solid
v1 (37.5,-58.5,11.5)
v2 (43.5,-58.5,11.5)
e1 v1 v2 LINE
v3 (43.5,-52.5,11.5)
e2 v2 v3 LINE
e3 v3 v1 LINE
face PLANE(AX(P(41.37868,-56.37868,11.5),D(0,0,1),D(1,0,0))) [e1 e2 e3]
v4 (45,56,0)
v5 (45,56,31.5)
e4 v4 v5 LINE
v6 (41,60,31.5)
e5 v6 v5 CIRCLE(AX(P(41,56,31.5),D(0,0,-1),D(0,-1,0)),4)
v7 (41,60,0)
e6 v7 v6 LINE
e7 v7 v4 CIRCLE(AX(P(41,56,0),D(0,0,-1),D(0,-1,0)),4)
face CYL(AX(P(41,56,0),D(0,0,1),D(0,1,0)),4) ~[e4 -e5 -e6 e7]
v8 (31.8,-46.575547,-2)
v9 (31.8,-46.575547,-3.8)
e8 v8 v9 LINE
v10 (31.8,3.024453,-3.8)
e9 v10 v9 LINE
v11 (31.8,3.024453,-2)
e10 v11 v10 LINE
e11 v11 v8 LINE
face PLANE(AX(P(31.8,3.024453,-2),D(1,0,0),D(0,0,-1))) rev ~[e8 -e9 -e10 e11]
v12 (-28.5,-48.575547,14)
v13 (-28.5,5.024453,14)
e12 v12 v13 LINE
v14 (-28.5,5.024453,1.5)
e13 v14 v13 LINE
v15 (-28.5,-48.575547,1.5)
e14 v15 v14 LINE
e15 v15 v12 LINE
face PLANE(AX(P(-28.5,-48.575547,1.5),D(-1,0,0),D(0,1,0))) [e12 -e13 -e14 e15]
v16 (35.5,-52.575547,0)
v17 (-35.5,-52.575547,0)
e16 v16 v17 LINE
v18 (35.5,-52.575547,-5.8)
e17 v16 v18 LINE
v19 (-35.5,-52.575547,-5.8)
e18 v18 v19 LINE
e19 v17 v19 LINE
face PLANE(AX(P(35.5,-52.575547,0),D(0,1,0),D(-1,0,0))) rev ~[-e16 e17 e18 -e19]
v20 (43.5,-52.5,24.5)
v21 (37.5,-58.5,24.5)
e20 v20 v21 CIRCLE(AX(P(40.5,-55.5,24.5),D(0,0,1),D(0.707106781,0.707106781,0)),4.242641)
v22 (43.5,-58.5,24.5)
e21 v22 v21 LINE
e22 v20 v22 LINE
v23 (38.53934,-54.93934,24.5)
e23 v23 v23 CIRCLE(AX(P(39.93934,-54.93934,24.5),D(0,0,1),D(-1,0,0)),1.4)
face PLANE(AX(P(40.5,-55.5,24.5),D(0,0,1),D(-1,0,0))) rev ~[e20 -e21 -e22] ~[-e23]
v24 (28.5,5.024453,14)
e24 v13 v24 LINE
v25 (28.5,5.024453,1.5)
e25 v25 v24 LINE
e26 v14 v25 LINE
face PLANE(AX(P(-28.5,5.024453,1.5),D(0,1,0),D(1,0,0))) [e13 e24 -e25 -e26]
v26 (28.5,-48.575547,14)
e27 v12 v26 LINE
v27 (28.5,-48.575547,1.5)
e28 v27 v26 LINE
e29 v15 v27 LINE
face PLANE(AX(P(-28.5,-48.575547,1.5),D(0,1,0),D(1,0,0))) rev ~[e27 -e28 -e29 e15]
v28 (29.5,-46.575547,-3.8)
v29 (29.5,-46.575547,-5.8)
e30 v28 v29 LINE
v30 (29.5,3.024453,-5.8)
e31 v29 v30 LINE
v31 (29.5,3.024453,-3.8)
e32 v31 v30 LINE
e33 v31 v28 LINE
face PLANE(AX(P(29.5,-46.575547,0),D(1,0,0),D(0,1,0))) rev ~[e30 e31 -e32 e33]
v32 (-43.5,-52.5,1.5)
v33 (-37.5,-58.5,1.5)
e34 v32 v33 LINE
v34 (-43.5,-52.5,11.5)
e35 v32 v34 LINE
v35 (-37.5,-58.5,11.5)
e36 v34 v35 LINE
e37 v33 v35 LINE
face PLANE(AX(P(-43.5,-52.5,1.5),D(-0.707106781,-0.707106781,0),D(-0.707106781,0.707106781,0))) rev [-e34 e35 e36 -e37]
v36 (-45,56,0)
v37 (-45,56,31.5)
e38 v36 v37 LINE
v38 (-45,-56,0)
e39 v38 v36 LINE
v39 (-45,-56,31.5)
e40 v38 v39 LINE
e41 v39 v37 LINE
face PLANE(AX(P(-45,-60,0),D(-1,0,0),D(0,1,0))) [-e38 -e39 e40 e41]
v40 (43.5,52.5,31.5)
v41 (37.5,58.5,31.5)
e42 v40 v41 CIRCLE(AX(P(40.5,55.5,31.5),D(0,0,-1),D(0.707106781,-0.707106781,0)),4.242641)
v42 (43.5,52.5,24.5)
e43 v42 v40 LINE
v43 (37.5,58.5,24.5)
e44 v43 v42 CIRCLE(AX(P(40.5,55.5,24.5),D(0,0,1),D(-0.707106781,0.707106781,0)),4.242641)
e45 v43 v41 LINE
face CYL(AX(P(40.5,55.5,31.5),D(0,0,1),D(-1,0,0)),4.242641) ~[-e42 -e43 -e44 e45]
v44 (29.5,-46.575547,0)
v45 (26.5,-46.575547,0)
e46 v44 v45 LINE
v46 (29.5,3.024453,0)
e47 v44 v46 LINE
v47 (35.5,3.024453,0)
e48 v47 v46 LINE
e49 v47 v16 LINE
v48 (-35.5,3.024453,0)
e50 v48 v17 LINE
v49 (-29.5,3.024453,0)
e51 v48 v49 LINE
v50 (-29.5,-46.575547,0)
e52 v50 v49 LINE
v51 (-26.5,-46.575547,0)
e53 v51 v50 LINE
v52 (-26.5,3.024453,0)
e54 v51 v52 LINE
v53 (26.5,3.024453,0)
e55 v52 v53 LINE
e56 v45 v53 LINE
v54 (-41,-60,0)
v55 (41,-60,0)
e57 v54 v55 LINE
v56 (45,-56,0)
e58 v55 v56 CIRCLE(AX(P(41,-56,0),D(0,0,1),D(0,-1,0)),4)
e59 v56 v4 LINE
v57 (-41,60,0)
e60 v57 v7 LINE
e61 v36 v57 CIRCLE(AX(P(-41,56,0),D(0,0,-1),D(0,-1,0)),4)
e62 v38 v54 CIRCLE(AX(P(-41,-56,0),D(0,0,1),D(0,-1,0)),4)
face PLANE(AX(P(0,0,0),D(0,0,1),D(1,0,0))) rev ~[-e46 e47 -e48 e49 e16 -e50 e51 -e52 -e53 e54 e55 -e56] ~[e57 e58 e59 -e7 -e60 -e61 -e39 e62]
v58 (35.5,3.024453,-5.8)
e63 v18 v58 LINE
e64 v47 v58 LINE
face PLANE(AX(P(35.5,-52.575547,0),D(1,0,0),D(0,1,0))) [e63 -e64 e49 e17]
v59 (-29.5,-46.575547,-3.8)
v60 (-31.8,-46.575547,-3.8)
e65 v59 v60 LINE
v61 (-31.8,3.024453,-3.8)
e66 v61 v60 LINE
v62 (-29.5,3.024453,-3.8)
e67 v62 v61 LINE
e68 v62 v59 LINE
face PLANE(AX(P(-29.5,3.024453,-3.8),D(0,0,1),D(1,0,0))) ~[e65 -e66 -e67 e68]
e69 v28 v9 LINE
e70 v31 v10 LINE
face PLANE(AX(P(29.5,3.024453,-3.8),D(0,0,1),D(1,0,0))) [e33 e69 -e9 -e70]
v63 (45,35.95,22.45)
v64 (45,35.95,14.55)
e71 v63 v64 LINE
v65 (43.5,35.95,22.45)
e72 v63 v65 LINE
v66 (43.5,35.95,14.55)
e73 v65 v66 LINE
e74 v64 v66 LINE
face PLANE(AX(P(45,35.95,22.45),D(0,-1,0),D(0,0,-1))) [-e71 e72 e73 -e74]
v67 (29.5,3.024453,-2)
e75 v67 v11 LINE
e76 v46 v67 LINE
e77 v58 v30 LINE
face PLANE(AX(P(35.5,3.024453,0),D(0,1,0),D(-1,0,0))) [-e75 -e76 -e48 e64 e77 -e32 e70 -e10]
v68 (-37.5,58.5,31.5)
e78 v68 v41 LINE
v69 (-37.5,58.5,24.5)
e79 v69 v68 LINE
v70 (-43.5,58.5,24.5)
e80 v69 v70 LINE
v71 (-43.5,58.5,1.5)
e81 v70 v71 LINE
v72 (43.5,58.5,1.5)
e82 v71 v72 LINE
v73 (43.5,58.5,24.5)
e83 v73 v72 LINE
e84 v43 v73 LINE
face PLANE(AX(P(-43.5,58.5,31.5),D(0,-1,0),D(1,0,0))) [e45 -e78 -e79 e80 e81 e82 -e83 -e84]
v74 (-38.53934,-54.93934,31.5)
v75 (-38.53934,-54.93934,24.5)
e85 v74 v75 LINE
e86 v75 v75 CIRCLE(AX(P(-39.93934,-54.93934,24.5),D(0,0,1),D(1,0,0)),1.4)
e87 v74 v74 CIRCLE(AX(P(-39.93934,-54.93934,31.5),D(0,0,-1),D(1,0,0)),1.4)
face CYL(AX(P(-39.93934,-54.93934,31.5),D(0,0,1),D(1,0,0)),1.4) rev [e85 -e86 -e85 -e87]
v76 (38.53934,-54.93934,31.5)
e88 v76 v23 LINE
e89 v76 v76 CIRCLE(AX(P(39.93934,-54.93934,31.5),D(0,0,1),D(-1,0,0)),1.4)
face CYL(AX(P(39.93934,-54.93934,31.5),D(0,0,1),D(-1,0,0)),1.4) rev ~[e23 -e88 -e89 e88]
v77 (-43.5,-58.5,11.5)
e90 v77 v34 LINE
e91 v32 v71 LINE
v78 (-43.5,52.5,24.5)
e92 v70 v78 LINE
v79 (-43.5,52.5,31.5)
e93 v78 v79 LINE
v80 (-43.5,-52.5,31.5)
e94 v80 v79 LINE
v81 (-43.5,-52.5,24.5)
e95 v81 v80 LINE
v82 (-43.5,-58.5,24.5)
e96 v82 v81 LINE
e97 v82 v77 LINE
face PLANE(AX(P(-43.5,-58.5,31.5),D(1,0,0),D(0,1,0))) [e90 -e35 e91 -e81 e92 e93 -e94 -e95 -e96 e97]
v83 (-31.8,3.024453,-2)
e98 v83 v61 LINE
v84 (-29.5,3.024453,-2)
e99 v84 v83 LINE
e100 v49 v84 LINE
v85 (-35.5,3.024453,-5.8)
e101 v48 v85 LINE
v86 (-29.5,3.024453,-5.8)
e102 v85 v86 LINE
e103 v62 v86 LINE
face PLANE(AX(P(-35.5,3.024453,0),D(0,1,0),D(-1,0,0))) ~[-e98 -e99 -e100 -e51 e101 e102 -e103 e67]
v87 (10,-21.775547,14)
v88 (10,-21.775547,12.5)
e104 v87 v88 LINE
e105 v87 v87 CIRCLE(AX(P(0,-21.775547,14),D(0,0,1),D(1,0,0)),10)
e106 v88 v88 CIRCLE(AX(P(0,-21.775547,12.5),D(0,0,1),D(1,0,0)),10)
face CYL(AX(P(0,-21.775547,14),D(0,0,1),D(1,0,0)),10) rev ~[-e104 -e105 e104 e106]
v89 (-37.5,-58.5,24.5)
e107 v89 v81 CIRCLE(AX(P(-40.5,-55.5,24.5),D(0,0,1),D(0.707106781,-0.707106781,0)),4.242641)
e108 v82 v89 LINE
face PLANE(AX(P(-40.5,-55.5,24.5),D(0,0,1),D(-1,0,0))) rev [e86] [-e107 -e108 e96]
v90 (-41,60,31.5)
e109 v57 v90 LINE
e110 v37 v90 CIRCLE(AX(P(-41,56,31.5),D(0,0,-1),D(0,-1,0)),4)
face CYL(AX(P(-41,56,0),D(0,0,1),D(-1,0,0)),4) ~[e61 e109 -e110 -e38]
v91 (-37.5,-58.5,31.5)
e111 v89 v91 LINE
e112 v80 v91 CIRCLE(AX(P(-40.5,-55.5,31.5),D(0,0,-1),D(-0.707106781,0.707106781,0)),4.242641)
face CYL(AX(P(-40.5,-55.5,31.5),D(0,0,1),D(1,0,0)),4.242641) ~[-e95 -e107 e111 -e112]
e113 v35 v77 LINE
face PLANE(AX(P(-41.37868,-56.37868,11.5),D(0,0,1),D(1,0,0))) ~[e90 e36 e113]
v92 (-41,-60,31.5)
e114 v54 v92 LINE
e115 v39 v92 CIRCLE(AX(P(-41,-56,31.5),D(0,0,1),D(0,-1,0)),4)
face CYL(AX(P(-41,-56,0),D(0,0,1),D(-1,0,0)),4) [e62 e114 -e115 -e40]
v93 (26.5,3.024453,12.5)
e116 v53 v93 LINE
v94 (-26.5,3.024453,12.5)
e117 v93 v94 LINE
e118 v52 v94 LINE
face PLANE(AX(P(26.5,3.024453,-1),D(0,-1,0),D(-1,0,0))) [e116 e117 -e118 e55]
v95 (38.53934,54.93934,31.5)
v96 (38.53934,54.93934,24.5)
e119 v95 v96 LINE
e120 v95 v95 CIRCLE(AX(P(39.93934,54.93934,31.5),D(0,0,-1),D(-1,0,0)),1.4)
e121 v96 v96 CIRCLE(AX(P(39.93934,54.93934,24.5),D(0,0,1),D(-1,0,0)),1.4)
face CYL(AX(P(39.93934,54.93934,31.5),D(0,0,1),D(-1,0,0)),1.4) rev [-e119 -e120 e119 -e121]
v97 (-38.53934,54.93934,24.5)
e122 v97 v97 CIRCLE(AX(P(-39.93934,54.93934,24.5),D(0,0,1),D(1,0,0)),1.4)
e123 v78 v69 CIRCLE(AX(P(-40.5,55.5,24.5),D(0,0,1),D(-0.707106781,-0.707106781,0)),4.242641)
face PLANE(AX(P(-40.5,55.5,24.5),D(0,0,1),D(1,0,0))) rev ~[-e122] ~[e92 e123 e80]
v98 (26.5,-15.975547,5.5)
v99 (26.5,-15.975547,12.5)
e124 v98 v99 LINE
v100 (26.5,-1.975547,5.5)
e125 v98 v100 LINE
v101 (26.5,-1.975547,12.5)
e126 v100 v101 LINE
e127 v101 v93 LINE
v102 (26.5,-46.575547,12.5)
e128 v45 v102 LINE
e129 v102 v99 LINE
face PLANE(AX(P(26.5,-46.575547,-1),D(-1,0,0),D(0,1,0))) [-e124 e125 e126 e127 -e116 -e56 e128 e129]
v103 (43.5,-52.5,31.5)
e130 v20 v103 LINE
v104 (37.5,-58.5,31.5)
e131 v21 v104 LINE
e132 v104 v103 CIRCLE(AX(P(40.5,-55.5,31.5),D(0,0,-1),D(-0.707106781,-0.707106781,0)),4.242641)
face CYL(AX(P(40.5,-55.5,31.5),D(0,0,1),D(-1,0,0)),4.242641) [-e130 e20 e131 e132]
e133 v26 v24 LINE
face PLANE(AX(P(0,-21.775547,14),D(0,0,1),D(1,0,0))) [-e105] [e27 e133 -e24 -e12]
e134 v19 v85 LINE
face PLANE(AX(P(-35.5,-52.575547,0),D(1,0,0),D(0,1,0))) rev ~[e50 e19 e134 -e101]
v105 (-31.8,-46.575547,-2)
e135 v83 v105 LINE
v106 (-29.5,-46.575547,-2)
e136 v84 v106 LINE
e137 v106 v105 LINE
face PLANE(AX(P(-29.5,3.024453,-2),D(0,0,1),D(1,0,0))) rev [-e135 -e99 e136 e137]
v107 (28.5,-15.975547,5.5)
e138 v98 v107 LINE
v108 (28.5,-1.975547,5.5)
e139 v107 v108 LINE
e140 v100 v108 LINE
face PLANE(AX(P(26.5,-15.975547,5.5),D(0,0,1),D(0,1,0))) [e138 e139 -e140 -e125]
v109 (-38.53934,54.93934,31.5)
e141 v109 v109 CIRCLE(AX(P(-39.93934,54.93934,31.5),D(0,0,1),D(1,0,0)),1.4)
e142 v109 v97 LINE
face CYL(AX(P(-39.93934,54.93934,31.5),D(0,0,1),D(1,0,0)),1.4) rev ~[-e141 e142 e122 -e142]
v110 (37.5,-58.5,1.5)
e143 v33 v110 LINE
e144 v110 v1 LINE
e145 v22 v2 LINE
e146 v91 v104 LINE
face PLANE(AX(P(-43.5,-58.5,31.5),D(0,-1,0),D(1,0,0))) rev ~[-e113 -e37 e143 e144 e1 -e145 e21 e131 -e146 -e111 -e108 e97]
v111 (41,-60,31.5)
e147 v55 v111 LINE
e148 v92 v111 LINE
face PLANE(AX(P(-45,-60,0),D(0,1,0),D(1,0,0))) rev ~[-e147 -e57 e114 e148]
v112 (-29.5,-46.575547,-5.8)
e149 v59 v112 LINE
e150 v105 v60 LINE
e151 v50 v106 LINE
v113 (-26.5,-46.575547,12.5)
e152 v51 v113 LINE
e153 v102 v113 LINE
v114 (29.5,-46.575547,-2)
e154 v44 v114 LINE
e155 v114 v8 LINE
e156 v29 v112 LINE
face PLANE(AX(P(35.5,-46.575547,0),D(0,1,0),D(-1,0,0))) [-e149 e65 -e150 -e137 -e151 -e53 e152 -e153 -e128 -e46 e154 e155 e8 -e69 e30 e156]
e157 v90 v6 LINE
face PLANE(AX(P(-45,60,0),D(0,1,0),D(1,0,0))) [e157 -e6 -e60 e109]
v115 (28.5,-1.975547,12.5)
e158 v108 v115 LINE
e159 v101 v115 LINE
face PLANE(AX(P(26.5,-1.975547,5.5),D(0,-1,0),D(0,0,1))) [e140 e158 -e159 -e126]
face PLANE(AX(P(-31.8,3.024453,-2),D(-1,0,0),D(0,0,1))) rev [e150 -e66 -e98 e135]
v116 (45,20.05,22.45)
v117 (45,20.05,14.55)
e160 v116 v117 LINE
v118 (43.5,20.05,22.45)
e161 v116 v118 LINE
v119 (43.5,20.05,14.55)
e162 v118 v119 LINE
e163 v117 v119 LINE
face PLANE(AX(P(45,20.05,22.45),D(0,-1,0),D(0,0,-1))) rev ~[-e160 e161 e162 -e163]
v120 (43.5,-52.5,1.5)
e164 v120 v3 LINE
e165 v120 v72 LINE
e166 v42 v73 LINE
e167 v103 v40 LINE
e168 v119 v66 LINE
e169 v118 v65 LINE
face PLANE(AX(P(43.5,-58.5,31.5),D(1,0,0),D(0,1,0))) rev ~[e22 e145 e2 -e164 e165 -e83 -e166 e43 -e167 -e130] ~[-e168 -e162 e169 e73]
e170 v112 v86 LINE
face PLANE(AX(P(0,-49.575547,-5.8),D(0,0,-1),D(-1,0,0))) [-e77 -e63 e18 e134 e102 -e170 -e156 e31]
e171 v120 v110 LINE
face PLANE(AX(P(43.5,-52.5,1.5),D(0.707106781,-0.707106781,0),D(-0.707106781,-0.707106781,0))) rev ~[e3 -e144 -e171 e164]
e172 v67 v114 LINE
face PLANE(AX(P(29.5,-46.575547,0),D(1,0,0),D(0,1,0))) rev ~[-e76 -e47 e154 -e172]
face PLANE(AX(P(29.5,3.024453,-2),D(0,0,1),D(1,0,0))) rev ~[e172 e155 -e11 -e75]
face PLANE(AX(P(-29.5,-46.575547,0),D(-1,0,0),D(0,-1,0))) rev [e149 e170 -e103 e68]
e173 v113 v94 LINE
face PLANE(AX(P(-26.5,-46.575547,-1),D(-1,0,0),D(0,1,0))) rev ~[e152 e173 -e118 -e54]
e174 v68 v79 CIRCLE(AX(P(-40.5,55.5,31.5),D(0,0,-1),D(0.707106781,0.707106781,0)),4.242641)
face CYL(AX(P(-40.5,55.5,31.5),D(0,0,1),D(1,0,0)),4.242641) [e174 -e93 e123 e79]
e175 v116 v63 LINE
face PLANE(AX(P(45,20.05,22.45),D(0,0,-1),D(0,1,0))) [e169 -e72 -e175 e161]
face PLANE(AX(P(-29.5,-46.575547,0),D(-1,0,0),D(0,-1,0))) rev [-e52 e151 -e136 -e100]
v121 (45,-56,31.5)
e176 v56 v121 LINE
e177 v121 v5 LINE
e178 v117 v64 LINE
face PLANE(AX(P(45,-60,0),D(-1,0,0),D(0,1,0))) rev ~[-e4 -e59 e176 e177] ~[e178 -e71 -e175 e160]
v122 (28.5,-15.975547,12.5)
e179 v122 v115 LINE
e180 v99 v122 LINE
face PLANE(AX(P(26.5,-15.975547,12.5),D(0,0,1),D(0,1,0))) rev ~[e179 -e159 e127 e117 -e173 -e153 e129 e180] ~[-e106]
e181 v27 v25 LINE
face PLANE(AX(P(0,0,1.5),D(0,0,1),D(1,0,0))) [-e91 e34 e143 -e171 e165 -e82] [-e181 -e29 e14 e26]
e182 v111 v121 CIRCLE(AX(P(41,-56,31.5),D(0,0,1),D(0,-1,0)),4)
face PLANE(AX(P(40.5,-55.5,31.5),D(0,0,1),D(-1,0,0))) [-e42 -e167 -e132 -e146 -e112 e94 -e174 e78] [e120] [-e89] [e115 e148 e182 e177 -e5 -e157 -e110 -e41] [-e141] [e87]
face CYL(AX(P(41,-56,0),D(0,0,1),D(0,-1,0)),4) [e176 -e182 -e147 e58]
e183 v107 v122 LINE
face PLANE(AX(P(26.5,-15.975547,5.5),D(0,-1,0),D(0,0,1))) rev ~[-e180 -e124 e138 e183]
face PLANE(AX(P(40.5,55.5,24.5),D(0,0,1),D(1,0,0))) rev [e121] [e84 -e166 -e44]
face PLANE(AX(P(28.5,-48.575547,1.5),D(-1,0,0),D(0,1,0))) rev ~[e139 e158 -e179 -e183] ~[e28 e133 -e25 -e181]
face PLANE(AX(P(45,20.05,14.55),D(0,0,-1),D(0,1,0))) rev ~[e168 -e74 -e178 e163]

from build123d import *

# Parameters (mm, degrees)
SKETCH2_W                = 90
SKETCH2_H                = 120
BOSS_EXTRUDE1_DEPTH      = 31.5
SKETCH4_W                = 87
SKETCH4_H                = 117
CUT_EXTRUDE1_DEPTH       = 30
FILLET4_R                = 4
SKETCH18_W               = 57
SKETCH18_H               = 53.6
KHAY_PIN_DEPTH           = 12.5
SKETCH21_W               = 53
SKETCH21_H               = 49.6
BOSS_EXTRUDE11_DEPTH     = 15
SKETCH22_W               = 53
SKETCH22_H               = 49.6
CUT_EXTRUDE4_DEPTH       = 13.5
SKETCH30_W               = 7
SKETCH30_H               = 14
CUT_EXTRUDE8_DEPTH       = 5
SKETCH34_R               = 4.242640687
BOSS_EXTRUDE12_DEPTH     = 7
SKETCH37_W               = 7.9
SKETCH37_H               = 15.9
CUT_EXTRUDE10_DEPTH      = 5
MIRROR2_COPY_1_SKETCH_R  = 4.242640687
MIRROR2_COPY_1_DEPTH     = 7
SKETCH38_R               = 10
CUT_EXTRUDE11_DEPTH      = 10
SKETCH40_W               = 6
SKETCH40_H               = 49.6
BOSS_EXTRUDE13_DEPTH     = 5.8
SKETCH48_W               = 71
SKETCH48_H               = 6
BOSS_EXTRUDE14_DEPTH     = 5.8
SKETCH50_W               = 2.3
SKETCH50_H               = 1.8
CUT_EXTRUDE14_DEPTH      = 49.6
SKETCH52_R               = 1.4
CUT_EXTRUDE15_DEPTH      = 10
MIRROR10_COPY_1_SKETCH_R = 1.4
MIRROR10_COPY_1_DEPTH    = 10
BOSS_EXTRUDE16_DEPTH     = 10


with BuildPart() as part:
    # Sketch2 → Boss-Extrude1 (new body)
    with BuildSketch(Plane.XY):
        Rectangle(SKETCH2_W, SKETCH2_H)
    extrude(amount=BOSS_EXTRUDE1_DEPTH)

    # Sketch4 → Cut-Extrude1 (cut)
    with BuildSketch(Plane.XY.offset(31.5)):
        Rectangle(SKETCH4_W, SKETCH4_H)
    extrude(amount=-CUT_EXTRUDE1_DEPTH, mode=Mode.SUBTRACT)

    # Fillet4
    fillet4_edges = [part.edges().sort_by_distance(p)[0] for p in [
        (45, -60, 15.75),
        (-45, -60, 15.75),
        (-45, 60, 15.75),
        (45, 60, 15.75),
    ]]
    fillet(fillet4_edges, radius=FILLET4_R)

    # Sketch18 → khay_pin (add)
    with BuildSketch(Plane.XY.offset(1.5)):
        with Locations((0, -21.775547075)):
            Rectangle(SKETCH18_W, SKETCH18_H)
    extrude(amount=KHAY_PIN_DEPTH)

    # Sketch21 → Boss-Extrude11 (add)
    with BuildSketch(Plane.XY.offset(14)):
        with Locations((0, -21.775547075)):
            Rectangle(SKETCH21_W, SKETCH21_H)
    extrude(amount=-BOSS_EXTRUDE11_DEPTH)

    # Sketch22 → Cut-Extrude4 (cut)
    with BuildSketch(Plane(origin=(0, 0, -1), x_dir=(-1, 0, 0), z_dir=(0, 0, -1))):
        with Locations((0, -21.775547075)):
            Rectangle(SKETCH22_W, SKETCH22_H)
    extrude(amount=-CUT_EXTRUDE4_DEPTH, mode=Mode.SUBTRACT)

    # Sketch30 → Cut-Extrude8 (cut)
    with BuildSketch(Plane.ZY.offset(-26.5)):
        with Locations((9, -8.975547075)):
            Rectangle(SKETCH30_W, SKETCH30_H)
    extrude(amount=-CUT_EXTRUDE8_DEPTH, mode=Mode.SUBTRACT)

    # Sketch34 → Boss-Extrude12 (add)
    with BuildSketch(Plane.XY.offset(31.5)):
        with Locations((-40.5, 55.5)):
            Circle(SKETCH34_R)
    boss_extrude12 = extrude(amount=-BOSS_EXTRUDE12_DEPTH)

    # Sketch37 → Cut-Extrude10 (cut)
    with BuildSketch(Plane(origin=(45, 0, 0), x_dir=(0, 0, -1), z_dir=(1, 0, 0))):
        with Locations((-18.5, 28)):
            Rectangle(SKETCH37_W, SKETCH37_H)
    extrude(amount=-CUT_EXTRUDE10_DEPTH, mode=Mode.SUBTRACT)

    # Mirror1: Boss-Extrude12 across plane
    add(boss_extrude12.mirror(Plane(origin=(0, 0, 0), x_dir=(0, 0, 1), z_dir=(1, 0, 0))))

    # Mirror2: Boss-Extrude12 across plane
    add(boss_extrude12.mirror(Plane.ZX))

    # Mirror2 copy 1 sketch → Mirror2 copy 1 (add)
    with BuildSketch(Plane(origin=(0, 0, 31.5), x_dir=(-1, 0, 0), z_dir=(0, 0, 1))):
        with Locations((-40.5, 55.5)):
            Circle(MIRROR2_COPY_1_SKETCH_R)
    extrude(amount=-MIRROR2_COPY_1_DEPTH)

    # Sketch38 → Cut-Extrude11 (cut)
    with BuildSketch(Plane.XY.offset(14)):
        with Locations((0, -21.775547075)):
            Circle(SKETCH38_R)
    extrude(amount=-CUT_EXTRUDE11_DEPTH, mode=Mode.SUBTRACT)

    # Sketch40 → Boss-Extrude13 (add)
    with BuildSketch(Plane(origin=(0, 0, 0), x_dir=(-1, 0, 0), z_dir=(0, 0, -1))):
        with Locations((-32.5, -21.775547075)):
            Rectangle(SKETCH40_W, SKETCH40_H)
    boss_extrude13 = extrude(amount=BOSS_EXTRUDE13_DEPTH)

    # Mirror3: Boss-Extrude13 across plane
    add(boss_extrude13.mirror(Plane(origin=(0, 0, 0), x_dir=(0, 0, 1), z_dir=(1, 0, 0))))

    # Sketch48 → Boss-Extrude14 (add)
    with BuildSketch(Plane(origin=(0, 0, 0), x_dir=(-1, 0, 0), z_dir=(0, 0, -1))):
        with Locations((0, -49.575547075)):
            Rectangle(SKETCH48_W, SKETCH48_H)
    extrude(amount=BOSS_EXTRUDE14_DEPTH)

    # Sketch50 → Cut-Extrude14 (cut)
    with BuildSketch(Plane(origin=(0, 3.024452925, 0), x_dir=(1, 0, 0), z_dir=(0, 1, 0))):
        with Locations((30.65, 2.9)):
            Rectangle(SKETCH50_W, SKETCH50_H)
    cut_extrude14 = extrude(amount=-CUT_EXTRUDE14_DEPTH, mode=Mode.SUBTRACT)

    # Mirror7: Cut-Extrude14 across plane
    add(cut_extrude14.mirror(Plane(origin=(0, 0, 0), x_dir=(0, 0, 1), z_dir=(1, 0, 0))), mode=Mode.SUBTRACT)

    # Sketch52 → Cut-Extrude15 (cut)
    with BuildSketch(Plane.XY.offset(31.5)):
        with Locations((-39.939339828, 54.939339828)):
            Circle(SKETCH52_R)
    cut_extrude15 = extrude(amount=-CUT_EXTRUDE15_DEPTH, mode=Mode.SUBTRACT)

    # Mirror9: Cut-Extrude15 across plane
    add(cut_extrude15.mirror(Plane(origin=(0, 0, 0), x_dir=(0, 0, 1), z_dir=(1, 0, 0))), mode=Mode.SUBTRACT)

    # Mirror10: Cut-Extrude15 across plane
    add(cut_extrude15.mirror(Plane.ZX), mode=Mode.SUBTRACT)

    # Mirror10 copy 1 sketch → Mirror10 copy 1 (cut)
    with BuildSketch(Plane(origin=(0, 0, 31.5), x_dir=(-1, 0, 0), z_dir=(0, 0, 1))):
        with Locations((-39.939339828, 54.939339828)):
            Circle(MIRROR10_COPY_1_SKETCH_R)
    extrude(amount=-MIRROR10_COPY_1_DEPTH, mode=Mode.SUBTRACT)

    # Sketch51 → Boss-Extrude16 (add)
    with BuildSketch(Plane.XY.offset(1.5)):
        Polygon((43.5, -52.5), (37.5, -58.5), (43.5, -58.5), align=None)
    boss_extrude16 = extrude(amount=BOSS_EXTRUDE16_DEPTH)

    # Mirror11: Boss-Extrude16 across plane
    add(boss_extrude16.mirror(Plane(origin=(0, 0, 0), x_dir=(0, 0, 1), z_dir=(1, 0, 0))))


solid = part.part
